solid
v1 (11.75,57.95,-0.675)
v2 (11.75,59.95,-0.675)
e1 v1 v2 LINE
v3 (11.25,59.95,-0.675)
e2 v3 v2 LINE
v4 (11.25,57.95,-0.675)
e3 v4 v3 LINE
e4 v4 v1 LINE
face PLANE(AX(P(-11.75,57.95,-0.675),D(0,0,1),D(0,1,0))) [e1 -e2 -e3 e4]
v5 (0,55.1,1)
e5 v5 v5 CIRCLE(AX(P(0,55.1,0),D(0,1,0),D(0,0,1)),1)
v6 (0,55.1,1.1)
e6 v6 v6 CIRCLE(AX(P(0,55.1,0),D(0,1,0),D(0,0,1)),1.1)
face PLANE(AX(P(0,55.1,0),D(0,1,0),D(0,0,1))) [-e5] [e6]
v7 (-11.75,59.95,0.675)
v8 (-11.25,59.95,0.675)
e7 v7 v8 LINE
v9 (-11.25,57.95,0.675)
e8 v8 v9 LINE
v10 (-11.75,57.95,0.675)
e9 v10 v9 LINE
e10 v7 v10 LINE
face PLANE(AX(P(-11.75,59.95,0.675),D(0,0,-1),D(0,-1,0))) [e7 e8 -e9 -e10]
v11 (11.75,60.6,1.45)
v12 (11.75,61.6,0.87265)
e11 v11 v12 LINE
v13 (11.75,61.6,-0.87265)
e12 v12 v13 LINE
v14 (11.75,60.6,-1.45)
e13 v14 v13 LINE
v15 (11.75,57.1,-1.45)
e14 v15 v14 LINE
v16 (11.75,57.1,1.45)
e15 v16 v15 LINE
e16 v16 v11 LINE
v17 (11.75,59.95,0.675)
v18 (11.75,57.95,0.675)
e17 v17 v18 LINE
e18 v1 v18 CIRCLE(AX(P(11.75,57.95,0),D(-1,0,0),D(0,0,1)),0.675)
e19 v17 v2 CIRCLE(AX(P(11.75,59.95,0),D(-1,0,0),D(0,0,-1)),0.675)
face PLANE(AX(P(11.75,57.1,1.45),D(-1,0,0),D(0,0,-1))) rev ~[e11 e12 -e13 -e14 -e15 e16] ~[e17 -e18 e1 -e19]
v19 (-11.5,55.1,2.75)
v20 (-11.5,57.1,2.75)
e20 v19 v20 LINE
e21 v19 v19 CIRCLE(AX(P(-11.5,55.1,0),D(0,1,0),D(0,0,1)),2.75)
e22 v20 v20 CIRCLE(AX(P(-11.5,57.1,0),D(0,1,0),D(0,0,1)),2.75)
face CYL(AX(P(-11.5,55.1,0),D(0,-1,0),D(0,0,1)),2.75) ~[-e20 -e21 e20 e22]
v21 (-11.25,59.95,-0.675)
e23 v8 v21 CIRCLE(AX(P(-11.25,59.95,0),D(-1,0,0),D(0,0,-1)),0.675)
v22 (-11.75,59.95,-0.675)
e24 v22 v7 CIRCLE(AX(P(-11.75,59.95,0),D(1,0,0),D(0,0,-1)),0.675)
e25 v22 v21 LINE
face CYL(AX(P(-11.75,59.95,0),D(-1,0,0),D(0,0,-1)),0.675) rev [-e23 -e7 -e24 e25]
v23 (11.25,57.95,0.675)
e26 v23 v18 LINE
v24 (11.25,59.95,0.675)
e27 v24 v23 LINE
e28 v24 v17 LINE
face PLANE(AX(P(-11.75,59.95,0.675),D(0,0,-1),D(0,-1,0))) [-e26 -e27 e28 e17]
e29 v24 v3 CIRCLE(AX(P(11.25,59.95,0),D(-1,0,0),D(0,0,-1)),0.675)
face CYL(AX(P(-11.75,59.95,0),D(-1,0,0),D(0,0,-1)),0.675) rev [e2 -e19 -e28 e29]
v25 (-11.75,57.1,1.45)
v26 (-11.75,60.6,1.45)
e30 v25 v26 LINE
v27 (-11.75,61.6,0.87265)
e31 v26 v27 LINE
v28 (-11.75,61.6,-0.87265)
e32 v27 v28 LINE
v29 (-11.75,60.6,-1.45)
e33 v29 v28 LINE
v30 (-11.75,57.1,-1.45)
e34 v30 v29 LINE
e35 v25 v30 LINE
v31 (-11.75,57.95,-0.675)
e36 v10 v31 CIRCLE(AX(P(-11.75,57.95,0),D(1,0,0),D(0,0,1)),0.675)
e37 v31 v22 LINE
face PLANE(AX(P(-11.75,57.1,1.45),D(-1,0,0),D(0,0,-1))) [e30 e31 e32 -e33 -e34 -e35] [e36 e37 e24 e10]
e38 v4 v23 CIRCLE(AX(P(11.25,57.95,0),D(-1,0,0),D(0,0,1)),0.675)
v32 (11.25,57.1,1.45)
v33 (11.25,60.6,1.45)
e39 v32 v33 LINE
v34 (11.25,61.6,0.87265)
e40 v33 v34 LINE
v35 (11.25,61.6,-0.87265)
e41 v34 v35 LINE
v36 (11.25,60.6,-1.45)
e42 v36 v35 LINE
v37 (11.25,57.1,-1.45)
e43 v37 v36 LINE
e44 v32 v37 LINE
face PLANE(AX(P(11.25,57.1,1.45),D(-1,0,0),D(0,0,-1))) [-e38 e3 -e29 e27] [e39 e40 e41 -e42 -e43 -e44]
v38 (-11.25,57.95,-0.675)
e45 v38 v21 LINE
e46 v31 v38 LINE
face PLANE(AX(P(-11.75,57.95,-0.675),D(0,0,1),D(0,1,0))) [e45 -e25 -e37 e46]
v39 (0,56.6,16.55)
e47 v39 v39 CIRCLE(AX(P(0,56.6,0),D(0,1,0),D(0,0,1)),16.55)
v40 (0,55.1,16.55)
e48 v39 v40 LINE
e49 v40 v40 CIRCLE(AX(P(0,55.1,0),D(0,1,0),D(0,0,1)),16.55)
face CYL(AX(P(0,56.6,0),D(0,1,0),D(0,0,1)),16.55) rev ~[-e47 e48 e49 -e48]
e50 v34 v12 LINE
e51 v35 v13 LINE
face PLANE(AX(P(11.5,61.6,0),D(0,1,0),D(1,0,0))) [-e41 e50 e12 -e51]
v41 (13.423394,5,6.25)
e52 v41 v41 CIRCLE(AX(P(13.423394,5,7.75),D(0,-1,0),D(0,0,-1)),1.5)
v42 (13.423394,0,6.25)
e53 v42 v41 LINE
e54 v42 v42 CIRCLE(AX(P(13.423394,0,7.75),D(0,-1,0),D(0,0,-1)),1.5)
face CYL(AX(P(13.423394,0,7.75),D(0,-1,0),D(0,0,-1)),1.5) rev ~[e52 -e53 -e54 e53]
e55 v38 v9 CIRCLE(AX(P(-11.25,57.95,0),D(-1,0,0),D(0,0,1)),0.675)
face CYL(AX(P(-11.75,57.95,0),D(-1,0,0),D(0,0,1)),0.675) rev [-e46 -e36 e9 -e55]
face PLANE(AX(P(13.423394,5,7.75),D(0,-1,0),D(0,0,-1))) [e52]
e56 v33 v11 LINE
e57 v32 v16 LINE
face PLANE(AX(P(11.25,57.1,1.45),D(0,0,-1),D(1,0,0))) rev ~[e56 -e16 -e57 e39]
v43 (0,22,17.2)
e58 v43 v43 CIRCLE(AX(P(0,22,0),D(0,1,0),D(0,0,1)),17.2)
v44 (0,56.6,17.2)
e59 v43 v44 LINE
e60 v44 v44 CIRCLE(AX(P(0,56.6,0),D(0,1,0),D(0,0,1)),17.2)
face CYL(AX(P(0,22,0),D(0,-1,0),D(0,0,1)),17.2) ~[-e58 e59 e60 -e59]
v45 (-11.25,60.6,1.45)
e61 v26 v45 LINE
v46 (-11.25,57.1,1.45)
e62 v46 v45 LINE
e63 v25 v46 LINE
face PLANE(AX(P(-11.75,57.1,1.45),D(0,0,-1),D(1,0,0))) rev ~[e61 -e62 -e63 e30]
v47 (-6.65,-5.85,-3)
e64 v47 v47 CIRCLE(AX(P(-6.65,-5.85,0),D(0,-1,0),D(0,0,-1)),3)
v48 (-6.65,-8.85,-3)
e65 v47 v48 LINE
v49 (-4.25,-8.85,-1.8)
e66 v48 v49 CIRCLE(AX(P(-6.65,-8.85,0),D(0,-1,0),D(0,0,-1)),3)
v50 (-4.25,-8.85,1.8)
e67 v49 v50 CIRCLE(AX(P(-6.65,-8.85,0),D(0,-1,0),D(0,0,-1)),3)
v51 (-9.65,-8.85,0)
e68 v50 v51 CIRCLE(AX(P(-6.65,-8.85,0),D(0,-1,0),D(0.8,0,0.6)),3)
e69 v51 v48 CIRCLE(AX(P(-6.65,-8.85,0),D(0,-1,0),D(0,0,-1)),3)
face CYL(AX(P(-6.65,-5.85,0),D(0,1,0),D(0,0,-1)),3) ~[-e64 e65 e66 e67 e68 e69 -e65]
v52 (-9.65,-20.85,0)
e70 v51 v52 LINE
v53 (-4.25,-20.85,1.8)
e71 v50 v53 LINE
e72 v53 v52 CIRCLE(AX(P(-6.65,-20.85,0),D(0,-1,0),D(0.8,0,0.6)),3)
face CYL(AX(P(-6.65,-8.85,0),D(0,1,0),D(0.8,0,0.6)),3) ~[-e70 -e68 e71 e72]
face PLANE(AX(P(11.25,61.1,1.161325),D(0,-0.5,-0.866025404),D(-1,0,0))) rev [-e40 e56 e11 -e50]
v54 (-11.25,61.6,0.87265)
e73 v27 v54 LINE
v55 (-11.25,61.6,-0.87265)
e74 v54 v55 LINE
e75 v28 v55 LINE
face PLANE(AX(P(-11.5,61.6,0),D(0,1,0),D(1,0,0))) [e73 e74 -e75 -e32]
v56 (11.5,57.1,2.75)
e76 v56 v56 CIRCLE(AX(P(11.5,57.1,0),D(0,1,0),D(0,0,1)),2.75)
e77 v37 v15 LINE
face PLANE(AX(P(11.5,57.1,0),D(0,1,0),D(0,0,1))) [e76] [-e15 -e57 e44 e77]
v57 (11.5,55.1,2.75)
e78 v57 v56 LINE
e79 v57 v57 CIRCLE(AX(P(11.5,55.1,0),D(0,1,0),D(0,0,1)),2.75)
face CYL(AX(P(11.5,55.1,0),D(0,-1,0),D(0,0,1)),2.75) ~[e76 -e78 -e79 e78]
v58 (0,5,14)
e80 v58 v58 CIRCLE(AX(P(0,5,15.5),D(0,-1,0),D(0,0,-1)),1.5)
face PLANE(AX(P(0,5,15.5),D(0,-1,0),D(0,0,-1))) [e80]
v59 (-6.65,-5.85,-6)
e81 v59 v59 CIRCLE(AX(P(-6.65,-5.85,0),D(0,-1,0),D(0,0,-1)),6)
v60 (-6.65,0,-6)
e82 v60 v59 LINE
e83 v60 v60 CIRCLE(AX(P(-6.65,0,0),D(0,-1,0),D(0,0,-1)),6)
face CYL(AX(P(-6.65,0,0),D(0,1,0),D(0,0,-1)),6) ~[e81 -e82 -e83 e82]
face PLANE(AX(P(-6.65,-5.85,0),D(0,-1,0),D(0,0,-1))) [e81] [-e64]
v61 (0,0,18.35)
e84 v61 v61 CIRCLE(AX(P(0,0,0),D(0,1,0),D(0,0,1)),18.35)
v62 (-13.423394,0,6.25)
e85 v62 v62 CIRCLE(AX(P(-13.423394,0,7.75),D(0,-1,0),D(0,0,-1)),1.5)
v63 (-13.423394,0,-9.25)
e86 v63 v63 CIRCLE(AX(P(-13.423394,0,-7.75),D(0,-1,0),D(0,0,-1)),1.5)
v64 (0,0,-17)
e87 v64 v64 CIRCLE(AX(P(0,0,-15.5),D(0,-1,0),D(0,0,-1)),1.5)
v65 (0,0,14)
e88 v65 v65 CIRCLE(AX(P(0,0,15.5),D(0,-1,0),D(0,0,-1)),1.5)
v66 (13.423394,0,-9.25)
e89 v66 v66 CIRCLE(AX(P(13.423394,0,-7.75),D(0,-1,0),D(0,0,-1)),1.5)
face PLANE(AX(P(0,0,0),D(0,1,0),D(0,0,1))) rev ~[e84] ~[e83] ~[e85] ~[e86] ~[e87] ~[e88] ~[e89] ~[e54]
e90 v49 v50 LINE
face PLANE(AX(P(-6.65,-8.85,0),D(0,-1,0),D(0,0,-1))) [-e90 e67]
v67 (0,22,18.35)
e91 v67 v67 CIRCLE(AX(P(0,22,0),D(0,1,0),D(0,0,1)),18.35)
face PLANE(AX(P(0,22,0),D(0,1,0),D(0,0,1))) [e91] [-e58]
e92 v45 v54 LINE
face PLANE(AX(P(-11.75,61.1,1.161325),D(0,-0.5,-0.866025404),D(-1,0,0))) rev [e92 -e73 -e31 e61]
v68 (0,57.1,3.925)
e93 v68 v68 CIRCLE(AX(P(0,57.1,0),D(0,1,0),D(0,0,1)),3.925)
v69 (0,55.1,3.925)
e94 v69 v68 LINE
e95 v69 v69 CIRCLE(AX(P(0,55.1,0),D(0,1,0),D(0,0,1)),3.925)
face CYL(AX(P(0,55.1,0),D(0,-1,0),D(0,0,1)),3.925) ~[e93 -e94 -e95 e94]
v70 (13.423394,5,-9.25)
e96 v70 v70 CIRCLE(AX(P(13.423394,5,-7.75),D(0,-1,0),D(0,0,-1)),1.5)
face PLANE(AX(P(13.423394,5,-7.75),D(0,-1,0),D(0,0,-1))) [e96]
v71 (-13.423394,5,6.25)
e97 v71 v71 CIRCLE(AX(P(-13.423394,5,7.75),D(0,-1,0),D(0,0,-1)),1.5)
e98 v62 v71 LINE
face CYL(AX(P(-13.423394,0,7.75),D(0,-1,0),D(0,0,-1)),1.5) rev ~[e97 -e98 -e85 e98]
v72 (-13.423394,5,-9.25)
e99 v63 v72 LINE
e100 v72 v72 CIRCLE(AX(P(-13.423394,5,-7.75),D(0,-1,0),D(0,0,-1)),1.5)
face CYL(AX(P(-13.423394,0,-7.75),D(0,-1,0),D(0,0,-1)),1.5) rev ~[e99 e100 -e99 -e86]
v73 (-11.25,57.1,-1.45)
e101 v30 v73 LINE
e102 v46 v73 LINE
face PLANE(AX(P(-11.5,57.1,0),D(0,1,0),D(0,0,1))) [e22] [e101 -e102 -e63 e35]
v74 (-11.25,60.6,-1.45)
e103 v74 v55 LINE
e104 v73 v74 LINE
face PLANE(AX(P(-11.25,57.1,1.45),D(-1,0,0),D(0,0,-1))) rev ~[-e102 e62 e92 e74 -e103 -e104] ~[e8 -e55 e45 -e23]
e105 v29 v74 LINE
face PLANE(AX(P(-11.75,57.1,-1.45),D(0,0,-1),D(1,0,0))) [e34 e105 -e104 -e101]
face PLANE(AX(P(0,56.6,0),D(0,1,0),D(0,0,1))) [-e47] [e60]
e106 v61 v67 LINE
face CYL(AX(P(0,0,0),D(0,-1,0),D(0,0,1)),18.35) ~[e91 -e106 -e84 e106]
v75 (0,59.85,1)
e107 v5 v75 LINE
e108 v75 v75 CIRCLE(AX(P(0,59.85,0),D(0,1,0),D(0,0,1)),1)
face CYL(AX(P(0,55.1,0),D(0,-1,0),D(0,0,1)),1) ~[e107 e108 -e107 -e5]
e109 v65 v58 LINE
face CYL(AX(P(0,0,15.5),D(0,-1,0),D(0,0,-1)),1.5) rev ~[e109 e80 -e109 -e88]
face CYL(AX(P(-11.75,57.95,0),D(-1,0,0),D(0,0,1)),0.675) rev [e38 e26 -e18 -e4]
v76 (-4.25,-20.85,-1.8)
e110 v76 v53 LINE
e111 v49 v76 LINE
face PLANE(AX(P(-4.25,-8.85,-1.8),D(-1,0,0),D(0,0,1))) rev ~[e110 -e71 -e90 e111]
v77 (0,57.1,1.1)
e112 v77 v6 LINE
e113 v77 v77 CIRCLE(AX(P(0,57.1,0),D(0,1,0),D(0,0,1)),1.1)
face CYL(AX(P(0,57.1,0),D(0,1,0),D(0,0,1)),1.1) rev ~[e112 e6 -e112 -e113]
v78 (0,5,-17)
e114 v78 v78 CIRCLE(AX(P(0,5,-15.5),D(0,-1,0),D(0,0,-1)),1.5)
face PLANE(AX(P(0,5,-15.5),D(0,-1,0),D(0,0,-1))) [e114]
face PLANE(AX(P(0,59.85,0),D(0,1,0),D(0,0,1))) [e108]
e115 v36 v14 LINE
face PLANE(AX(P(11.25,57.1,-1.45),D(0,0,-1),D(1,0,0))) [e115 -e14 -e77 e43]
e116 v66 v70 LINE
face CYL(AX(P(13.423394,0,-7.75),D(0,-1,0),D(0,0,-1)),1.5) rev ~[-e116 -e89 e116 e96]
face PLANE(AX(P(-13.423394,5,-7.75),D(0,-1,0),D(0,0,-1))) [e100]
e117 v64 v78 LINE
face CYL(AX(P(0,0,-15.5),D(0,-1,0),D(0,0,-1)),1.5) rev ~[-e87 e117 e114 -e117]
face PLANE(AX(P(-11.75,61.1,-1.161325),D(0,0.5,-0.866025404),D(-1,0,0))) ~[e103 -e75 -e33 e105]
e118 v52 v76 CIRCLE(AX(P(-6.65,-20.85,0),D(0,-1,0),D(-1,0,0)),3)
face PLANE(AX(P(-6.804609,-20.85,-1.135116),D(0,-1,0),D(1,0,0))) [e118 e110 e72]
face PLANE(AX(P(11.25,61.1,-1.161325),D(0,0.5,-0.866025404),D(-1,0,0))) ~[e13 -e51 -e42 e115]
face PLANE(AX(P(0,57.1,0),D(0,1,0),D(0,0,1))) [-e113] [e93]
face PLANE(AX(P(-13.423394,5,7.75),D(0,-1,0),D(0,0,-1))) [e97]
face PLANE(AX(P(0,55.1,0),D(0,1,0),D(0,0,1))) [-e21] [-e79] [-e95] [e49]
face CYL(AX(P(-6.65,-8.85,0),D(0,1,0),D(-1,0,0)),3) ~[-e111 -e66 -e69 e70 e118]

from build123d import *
from OCP.BRepFilletAPI import BRepFilletAPI_MakeChamfer

# Parameters (mm, degrees)
SCHIZZO1_R                   = 18.35
ESTRUSIONE_ESTRUSIONE1_DEPTH = 22
SCHIZZO2_R                   = 17.2
ESTRUSIONE_ESTRUSIONE2_DEPTH = 34.6
SCHIZZO3_R                   = 16.55
TAGLIO_ESTRUSIONE1_DEPTH     = 1.5
SCHIZZO4_R                   = 2.75
SCHIZZO4_R_2                 = 3.925
ESTRUSIONE_ESTRUSIONE3_DEPTH = 2
SCHIZZO5_W                   = 0.5
SCHIZZO5_H                   = 2.9
ESTRUSIONE_ESTRUSIONE4_DEPTH = 4.5
SMUSSO1_SIZE                 = 1
SMUSSO1_SIZE2                = 0.577350269
TAGLIO_ESTRUSIONE2_DEPTH     = 71.973886043
SCHIZZO7_R                   = 1.1
TAGLIO_ESTRUSIONE3_DEPTH     = 2
SCHIZZO8_R                   = 1
ESTRUSIONE_ESTRUSIONE5_DEPTH = 4.75
SCHIZZO9_R                   = 1.5
TAGLIO_ESTRUSIONE4_DEPTH     = 5
SCHIZZO10_R                  = 6
ESTRUSIONE_ESTRUSIONE6_DEPTH = 5.85
SCHIZZO11_R                  = 3
ESTRUSIONE_ESTRUSIONE7_DEPTH = 3
ESTRUSIONE_ESTRUSIONE8_DEPTH = 12


with BuildPart() as part:
    # Schizzo1 → Estrusione-Estrusione1 (new body)
    with BuildSketch(Plane(origin=(0, 0, 0), x_dir=(1, 0, 0), z_dir=(0, 1, 0))):
        with Locations(Location((0, 0, 0), (0, 0, 270))):
            Circle(SCHIZZO1_R)
    extrude(amount=ESTRUSIONE_ESTRUSIONE1_DEPTH)

    # Schizzo2 → Estrusione-Estrusione2 (add)
    with BuildSketch(Plane(origin=(0, 22, 0), x_dir=(1, 0, 0), z_dir=(0, 1, 0))):
        with Locations(Location((0, 0, 0), (0, 0, 270))):
            Circle(SCHIZZO2_R)
    extrude(amount=ESTRUSIONE_ESTRUSIONE2_DEPTH)

    # Schizzo3 → Taglio-Estrusione1 (cut)
    with BuildSketch(Plane(origin=(0, 56.6, 0), x_dir=(1, 0, 0), z_dir=(0, 1, 0))):
        with Locations(Location((0, 0, 0), (0, 0, 270))):
            Circle(SCHIZZO3_R)
    extrude(amount=-TAGLIO_ESTRUSIONE1_DEPTH, mode=Mode.SUBTRACT)

    # Schizzo4 → Estrusione-Estrusione3 (add)
    with BuildSketch(Plane(origin=(0, 55.1, 0), x_dir=(1, 0, 0), z_dir=(0, 1, 0))):
        with Locations(Location((11.5, 0, 0), (0, 0, 270))):
            Circle(SCHIZZO4_R)
        with Locations(Location((-11.5, 0, 0), (0, 0, 270))):
            Circle(SCHIZZO4_R)
        with Locations(Location((0, 0, 0), (0, 0, 270))):
            Circle(SCHIZZO4_R_2)
    extrude(amount=ESTRUSIONE_ESTRUSIONE3_DEPTH)

    # Schizzo5 → Estrusione-Estrusione4 (add)
    with BuildSketch(Plane(origin=(0, 57.1, 0), x_dir=(1, 0, 0), z_dir=(0, 1, 0))):
        with Locations((-11.5, 0)):
            Rectangle(SCHIZZO5_W, SCHIZZO5_H)
        with Locations((11.5, 0)):
            Rectangle(SCHIZZO5_W, SCHIZZO5_H)
    extrude(amount=ESTRUSIONE_ESTRUSIONE4_DEPTH)

    # Smusso1: one chamfer whose edges measure the first distance from different faces: ONE call of the kernel's chamfer builder (chamfer() names one face for all edges)
    smusso1_edges_1 = [part.edges().sort_by_distance(p)[0] for p in [
        (-11.5, 61.6, -1.45),
    ]]
    smusso1_side_1 = [part.faces().sort_by_distance(p)[0] for p in [
        (-11.5, 59.35, -1.45),
    ]]
    smusso1_edges_2 = [part.edges().sort_by_distance(p)[0] for p in [
        (-11.5, 61.6, 1.45),
    ]]
    smusso1_side_2 = [part.faces().sort_by_distance(p)[0] for p in [
        (-11.5, 59.35, 1.45),
    ]]
    smusso1_edges_3 = [part.edges().sort_by_distance(p)[0] for p in [
        (11.5, 61.6, -1.45),
    ]]
    smusso1_side_3 = [part.faces().sort_by_distance(p)[0] for p in [
        (11.5, 59.35, -1.45),
    ]]
    smusso1_edges_4 = [part.edges().sort_by_distance(p)[0] for p in [
        (11.5, 61.6, 1.45),
    ]]
    smusso1_side_4 = [part.faces().sort_by_distance(p)[0] for p in [
        (11.5, 59.35, 1.45),
    ]]
    smusso1 = BRepFilletAPI_MakeChamfer(part.part.solid().wrapped)
    for e in smusso1_edges_1:
        smusso1.Add(SMUSSO1_SIZE, SMUSSO1_SIZE2, e.wrapped, smusso1_side_1[0].wrapped)  # the first distance lies on this face
    for e in smusso1_edges_2:
        smusso1.Add(SMUSSO1_SIZE, SMUSSO1_SIZE2, e.wrapped, smusso1_side_2[0].wrapped)  # the first distance lies on this face
    for e in smusso1_edges_3:
        smusso1.Add(SMUSSO1_SIZE, SMUSSO1_SIZE2, e.wrapped, smusso1_side_3[0].wrapped)  # the first distance lies on this face
    for e in smusso1_edges_4:
        smusso1.Add(SMUSSO1_SIZE, SMUSSO1_SIZE2, e.wrapped, smusso1_side_4[0].wrapped)  # the first distance lies on this face
    add(Compound.cast(smusso1.Shape()), mode=Mode.REPLACE)

    # Schizzo6 → Taglio-Estrusione2 (cut, through all)
    with BuildSketch(Plane.ZY.offset(11.75)):
        with BuildLine():
            Line((0.675, 59.95), (0.675, 57.95))
            ThreePointArc((0.675, 57.95), (0, 57.275), (-0.675, 57.95))
            Line((-0.675, 57.95), (-0.675, 59.95))
            ThreePointArc((-0.675, 59.95), (0, 60.625), (0.675, 59.95))
        make_face()
    extrude(amount=-TAGLIO_ESTRUSIONE2_DEPTH, mode=Mode.SUBTRACT)

    # Schizzo7 → Taglio-Estrusione3 (cut)
    with BuildSketch(Plane(origin=(0, 57.1, 0), x_dir=(1, 0, 0), z_dir=(0, 1, 0))):
        with Locations(Location((0, 0, 0), (0, 0, 270))):
            Circle(SCHIZZO7_R)
    extrude(amount=-TAGLIO_ESTRUSIONE3_DEPTH, mode=Mode.SUBTRACT)

    # Schizzo8 → Estrusione-Estrusione5 (add)
    with BuildSketch(Plane(origin=(0, 55.1, 0), x_dir=(1, 0, 0), z_dir=(0, 1, 0))):
        with Locations(Location((0, 0, 0), (0, 0, 270))):
            Circle(SCHIZZO8_R)
    extrude(amount=ESTRUSIONE_ESTRUSIONE5_DEPTH)

    # Schizzo9 → Taglio-Estrusione4 (cut)
    with BuildSketch(Plane.XZ):
        with Locations(Location((0, -15.5, 0), (0, 0, 270))):
            Circle(SCHIZZO9_R)
        with Locations(Location((-13.423393759, -7.75, 0), (0, 0, 270))):
            Circle(SCHIZZO9_R)
        with Locations(Location((-13.423393759, 7.75, 0), (0, 0, 270))):
            Circle(SCHIZZO9_R)
        with Locations(Location((0, 15.5, 0), (0, 0, 270))):
            Circle(SCHIZZO9_R)
        with Locations(Location((13.423393759, 7.75, 0), (0, 0, 270))):
            Circle(SCHIZZO9_R)
        with Locations(Location((13.423393759, -7.75, 0), (0, 0, 270))):
            Circle(SCHIZZO9_R)
    extrude(amount=-TAGLIO_ESTRUSIONE4_DEPTH, mode=Mode.SUBTRACT)

    # Schizzo10 → Estrusione-Estrusione6 (add)
    with BuildSketch(Plane.XZ):
        with Locations(Location((-6.65, 0, 0), (0, 0, 270))):
            Circle(SCHIZZO10_R)
    extrude(amount=ESTRUSIONE_ESTRUSIONE6_DEPTH)

    # Schizzo11 → Estrusione-Estrusione7 (add)
    with BuildSketch(Plane.XZ.offset(5.85)):
        with Locations(Location((-6.65, 0, 0), (0, 0, 270))):
            Circle(SCHIZZO11_R)
    extrude(amount=ESTRUSIONE_ESTRUSIONE7_DEPTH)

    # Schizzo12 → Estrusione-Estrusione8 (add)
    with BuildSketch(Plane.XZ.offset(8.85)):
        with BuildLine():
            ThreePointArc((-9.65, 0), (-7.598683298, -2.846049894), (-4.25, -1.8))
            Line((-4.25, -1.8), (-4.25, 0))
            Line((-4.25, 0), (-9.65, 0))
        make_face()
        with BuildLine():
            Line((-9.65, 0), (-4.25, 0))
            Line((-4.25, 0), (-4.25, 1.8))
            ThreePointArc((-4.25, 1.8), (-7.598683298, 2.846049894), (-9.65, 0))
        make_face()
    extrude(amount=ESTRUSIONE_ESTRUSIONE8_DEPTH)


solid = part.part
